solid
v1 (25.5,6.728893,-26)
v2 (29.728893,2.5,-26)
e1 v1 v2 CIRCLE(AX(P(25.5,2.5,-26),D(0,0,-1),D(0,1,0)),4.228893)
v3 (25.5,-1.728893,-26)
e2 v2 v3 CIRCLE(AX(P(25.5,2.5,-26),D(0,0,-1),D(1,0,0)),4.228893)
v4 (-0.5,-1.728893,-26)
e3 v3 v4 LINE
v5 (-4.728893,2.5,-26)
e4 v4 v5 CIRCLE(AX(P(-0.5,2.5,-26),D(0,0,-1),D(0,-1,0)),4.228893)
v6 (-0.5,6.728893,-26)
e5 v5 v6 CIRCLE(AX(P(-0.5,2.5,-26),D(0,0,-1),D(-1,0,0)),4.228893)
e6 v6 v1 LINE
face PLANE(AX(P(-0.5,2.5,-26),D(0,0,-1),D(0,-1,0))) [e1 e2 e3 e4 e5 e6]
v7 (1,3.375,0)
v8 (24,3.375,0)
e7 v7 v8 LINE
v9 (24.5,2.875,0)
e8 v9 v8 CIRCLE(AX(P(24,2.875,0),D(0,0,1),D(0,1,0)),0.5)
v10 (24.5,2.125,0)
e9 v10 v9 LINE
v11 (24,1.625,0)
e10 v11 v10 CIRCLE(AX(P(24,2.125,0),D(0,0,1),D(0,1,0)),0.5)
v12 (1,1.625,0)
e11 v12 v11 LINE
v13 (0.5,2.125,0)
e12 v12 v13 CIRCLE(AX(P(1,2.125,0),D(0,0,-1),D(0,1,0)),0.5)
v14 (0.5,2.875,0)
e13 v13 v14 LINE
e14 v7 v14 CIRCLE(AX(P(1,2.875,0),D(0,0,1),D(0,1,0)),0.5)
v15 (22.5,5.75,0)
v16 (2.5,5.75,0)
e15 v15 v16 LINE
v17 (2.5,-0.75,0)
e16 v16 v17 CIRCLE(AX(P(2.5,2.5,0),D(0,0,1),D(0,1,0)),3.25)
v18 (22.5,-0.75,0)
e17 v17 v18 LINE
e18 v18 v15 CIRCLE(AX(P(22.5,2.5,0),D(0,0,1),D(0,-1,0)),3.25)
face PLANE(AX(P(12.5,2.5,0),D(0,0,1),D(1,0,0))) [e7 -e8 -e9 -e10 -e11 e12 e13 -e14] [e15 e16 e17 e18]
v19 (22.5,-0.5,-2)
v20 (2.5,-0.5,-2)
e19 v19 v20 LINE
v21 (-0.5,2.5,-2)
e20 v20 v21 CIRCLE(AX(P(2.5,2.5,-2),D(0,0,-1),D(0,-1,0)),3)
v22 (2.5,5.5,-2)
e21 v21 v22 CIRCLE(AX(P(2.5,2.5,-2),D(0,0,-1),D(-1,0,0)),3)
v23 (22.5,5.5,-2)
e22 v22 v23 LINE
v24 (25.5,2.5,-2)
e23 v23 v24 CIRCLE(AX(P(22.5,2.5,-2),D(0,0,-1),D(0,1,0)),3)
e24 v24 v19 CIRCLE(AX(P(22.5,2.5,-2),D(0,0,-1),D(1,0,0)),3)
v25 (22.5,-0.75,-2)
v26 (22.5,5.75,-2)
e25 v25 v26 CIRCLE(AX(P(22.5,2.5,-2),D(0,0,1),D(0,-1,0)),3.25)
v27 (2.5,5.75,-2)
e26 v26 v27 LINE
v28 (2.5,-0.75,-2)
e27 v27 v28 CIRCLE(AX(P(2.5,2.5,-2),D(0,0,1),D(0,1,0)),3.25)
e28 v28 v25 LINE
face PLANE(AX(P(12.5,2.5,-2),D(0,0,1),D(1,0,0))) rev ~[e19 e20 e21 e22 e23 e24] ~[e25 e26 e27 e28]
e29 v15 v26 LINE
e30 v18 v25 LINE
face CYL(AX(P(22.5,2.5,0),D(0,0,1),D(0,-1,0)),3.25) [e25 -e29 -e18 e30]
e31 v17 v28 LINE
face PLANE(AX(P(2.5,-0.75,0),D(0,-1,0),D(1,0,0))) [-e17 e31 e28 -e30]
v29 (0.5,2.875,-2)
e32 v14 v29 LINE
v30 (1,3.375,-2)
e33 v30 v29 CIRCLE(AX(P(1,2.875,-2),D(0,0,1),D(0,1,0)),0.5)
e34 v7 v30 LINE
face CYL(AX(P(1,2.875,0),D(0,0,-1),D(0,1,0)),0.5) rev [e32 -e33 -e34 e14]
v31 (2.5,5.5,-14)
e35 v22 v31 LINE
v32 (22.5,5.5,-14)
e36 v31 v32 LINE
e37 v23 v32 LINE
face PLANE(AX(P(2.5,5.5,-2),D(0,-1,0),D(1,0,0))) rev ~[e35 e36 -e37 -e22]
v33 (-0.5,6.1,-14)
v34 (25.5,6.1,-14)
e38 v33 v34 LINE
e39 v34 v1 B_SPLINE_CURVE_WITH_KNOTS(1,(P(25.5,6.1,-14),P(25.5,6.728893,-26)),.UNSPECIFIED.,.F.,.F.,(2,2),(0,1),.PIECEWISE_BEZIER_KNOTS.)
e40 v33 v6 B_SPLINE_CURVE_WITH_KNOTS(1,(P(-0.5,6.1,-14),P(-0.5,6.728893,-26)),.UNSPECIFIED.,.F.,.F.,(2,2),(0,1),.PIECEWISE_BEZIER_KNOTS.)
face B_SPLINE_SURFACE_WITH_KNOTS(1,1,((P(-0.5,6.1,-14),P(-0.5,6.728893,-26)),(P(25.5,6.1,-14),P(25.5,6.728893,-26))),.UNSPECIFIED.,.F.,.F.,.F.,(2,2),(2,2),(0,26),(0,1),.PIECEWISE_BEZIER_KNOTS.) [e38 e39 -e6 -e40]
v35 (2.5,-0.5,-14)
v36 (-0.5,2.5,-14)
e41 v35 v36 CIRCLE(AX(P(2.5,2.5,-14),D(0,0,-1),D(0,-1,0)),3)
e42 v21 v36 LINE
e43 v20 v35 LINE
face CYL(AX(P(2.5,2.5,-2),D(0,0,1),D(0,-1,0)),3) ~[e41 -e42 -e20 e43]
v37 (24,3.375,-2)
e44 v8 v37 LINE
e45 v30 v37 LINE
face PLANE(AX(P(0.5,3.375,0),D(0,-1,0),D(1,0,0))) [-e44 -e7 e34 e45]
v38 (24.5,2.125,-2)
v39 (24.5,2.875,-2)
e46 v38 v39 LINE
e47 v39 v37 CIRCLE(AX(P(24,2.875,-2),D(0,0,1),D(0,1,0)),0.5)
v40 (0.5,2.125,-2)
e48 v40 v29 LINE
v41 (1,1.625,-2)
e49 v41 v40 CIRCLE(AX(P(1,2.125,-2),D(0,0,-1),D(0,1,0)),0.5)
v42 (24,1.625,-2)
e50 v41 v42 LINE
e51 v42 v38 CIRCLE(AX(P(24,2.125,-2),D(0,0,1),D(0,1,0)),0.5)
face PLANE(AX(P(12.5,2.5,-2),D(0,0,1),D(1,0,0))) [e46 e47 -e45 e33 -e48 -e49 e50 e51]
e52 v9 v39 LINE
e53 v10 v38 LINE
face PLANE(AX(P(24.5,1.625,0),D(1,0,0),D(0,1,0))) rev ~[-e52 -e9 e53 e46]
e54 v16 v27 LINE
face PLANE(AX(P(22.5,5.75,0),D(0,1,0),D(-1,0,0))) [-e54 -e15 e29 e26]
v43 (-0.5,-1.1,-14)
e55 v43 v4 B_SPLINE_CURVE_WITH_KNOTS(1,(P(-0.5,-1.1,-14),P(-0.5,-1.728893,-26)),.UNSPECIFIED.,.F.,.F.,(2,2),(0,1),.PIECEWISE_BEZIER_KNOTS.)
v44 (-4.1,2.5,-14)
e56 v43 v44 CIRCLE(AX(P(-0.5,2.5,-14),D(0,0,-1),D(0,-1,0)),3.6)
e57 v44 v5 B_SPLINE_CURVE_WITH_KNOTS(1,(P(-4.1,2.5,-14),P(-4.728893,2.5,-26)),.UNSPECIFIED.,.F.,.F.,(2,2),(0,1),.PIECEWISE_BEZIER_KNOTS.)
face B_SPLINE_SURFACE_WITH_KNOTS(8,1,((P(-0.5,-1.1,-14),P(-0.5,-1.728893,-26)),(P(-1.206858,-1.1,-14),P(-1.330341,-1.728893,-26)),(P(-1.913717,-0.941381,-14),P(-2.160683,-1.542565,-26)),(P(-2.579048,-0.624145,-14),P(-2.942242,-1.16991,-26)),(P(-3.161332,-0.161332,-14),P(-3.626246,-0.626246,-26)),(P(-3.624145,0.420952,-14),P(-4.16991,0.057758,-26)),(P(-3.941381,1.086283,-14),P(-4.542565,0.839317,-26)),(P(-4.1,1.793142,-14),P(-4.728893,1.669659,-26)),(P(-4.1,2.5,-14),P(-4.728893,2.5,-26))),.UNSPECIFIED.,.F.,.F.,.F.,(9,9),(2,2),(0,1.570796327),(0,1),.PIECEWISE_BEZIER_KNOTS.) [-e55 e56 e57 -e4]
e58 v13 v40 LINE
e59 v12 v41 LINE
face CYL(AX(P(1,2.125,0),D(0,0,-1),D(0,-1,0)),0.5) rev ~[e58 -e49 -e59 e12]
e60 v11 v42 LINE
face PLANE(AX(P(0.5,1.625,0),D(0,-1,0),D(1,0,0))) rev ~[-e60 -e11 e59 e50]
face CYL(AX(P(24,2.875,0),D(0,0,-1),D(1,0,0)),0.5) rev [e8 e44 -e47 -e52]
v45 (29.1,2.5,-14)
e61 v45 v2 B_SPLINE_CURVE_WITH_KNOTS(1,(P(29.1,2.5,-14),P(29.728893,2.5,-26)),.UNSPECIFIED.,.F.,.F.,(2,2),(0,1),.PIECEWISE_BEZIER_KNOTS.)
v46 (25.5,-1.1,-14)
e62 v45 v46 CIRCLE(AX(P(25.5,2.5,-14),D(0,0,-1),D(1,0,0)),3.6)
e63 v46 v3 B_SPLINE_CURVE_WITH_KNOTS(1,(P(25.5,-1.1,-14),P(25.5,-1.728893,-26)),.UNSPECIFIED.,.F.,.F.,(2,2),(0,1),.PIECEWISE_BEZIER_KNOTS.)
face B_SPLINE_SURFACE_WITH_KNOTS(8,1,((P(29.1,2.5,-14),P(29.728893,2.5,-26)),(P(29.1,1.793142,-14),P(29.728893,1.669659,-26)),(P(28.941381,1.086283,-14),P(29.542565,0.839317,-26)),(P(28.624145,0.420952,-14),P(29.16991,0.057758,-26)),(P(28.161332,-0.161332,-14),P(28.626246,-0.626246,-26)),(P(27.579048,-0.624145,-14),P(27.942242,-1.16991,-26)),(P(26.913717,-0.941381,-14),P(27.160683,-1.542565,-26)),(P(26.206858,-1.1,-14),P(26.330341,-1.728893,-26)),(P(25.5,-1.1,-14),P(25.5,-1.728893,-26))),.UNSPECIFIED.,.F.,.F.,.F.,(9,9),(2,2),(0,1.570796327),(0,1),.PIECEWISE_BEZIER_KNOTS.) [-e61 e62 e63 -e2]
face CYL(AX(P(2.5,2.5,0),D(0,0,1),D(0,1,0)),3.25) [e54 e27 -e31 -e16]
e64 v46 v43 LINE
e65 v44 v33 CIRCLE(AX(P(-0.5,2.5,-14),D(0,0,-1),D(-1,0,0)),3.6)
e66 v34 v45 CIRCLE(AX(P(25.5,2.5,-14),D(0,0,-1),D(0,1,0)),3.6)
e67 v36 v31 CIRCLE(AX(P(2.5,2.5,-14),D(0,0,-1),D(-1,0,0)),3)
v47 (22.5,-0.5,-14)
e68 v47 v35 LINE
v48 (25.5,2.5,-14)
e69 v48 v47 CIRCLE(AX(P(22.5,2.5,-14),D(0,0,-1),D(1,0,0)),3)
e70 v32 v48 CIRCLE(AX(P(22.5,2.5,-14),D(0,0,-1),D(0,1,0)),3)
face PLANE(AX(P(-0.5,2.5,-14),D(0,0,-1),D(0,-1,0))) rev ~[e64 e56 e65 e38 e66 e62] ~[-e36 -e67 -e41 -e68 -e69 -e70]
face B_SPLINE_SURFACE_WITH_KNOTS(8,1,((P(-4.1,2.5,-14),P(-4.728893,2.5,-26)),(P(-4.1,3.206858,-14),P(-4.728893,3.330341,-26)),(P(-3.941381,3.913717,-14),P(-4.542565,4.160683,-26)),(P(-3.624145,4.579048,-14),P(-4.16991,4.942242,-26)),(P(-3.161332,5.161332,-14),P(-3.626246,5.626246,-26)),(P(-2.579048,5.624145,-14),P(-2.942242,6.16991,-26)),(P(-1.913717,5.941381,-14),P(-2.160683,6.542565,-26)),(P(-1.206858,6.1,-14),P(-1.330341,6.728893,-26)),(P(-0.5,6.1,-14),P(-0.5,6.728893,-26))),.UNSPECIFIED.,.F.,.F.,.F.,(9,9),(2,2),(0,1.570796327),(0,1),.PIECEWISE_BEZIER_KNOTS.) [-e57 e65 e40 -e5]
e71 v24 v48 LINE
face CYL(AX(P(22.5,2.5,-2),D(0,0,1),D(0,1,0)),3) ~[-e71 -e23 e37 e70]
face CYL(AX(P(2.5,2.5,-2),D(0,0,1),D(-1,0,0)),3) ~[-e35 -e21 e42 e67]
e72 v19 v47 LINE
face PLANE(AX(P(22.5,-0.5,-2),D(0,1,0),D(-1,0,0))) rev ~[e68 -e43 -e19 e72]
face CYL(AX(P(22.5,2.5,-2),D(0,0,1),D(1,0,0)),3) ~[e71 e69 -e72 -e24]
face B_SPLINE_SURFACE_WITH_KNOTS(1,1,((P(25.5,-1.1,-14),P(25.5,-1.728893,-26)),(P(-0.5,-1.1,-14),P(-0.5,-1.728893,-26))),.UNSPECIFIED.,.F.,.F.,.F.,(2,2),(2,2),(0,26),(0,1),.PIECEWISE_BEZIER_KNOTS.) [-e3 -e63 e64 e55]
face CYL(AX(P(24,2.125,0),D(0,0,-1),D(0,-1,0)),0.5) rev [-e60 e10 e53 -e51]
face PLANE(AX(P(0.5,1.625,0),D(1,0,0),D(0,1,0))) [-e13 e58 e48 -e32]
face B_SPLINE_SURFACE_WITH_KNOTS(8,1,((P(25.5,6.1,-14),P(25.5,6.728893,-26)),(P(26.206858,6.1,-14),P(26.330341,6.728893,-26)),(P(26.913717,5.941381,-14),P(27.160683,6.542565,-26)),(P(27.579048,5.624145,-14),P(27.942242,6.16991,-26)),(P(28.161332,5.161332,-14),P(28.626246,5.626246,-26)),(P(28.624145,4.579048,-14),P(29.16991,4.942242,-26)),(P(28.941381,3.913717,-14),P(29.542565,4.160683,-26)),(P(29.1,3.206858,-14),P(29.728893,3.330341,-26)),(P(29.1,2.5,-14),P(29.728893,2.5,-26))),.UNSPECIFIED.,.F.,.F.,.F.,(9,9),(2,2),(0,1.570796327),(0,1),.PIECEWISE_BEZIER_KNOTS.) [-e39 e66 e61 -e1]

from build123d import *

# Parameters (mm, degrees)
F1_DEPTH  = 2
F3_DEPTH  = 12
F5_DEPTH  = 12
F5_TAPER  = -3
F6_W      = 24
F6_H      = 1.75
F7_DEPTH  = 2
F8_R      = 0.5
F10_DEPTH = 2


with BuildPart() as f1:
    # F0 (on Top) → F1 (new body)
    with BuildSketch(Plane.XY):
        with BuildLine():
            ThreePointArc((0, 2.5), (0.732233047, 0.732233047), (2.5, 0))
            Line((2.5, 0), (22.5, 0))
            ThreePointArc((22.5, 0), (24.267766953, 0.732233047), (25, 2.5))
            ThreePointArc((25, 2.5), (24.267766953, 4.267766953), (22.5, 5))
            Line((22.5, 5), (2.5, 5))
            ThreePointArc((2.5, 5), (0.732233047, 4.267766953), (0, 2.5))
        make_face()
    extrude(amount=-F1_DEPTH)

    # F2 (on face) → F3 (join)
    with BuildSketch(Plane(origin=(0, 0, -2), x_dir=(1, 0, 0), z_dir=(0, 0, -1))):
        with BuildLine():
            ThreePointArc((2.5, 0.5), (0.3786796564, -0.3786796564), (-0.5, -2.5))
            ThreePointArc((-0.5, -2.5), (0.3786796564, -4.6213203436), (2.5, -5.5))
            Line((2.5, -5.5), (22.5, -5.5))
            ThreePointArc((22.5, -5.5), (24.6213203436, -4.6213203436), (25.5, -2.5))
            ThreePointArc((25.5, -2.5), (24.6213203436, -0.3786796564), (22.5, 0.5))
            Line((22.5, 0.5), (2.5, 0.5))
        make_face()
        with BuildLine():
            Line((2.5, 0), (22.5, 0))
            ThreePointArc((22.5, 0), (25, -2.5), (22.5, -5))
            Line((22.5, -5), (2.5, -5))
            ThreePointArc((2.5, -5), (0, -2.5), (2.5, 0))
        make_face(mode=Mode.SUBTRACT)
        with BuildLine():
            ThreePointArc((22.5, -5), (25, -2.5), (22.5, 0))
            Line((22.5, 0), (2.5, 0))
            ThreePointArc((2.5, 0), (0, -2.5), (2.5, -5))
            Line((2.5, -5), (22.5, -5))
        make_face()
    extrude(amount=F3_DEPTH)

    # F4 (on face) → F5 (join)
    with BuildSketch(Plane(origin=(0, 0, -14), x_dir=(1, 0, 0), z_dir=(0, 0, -1))):
        with BuildLine():
            Line((25.5, 1.099999994), (-0.5, 1.099999994))
            ThreePointArc((-0.5, 1.099999994), (-3.0455844081, 0.0455844081), (-4.099999994, -2.5))
            ThreePointArc((-4.099999994, -2.5), (-3.0455844081, -5.0455844081), (-0.5, -6.099999994))
            Line((-0.5, -6.099999994), (25.5, -6.099999994))
            ThreePointArc((25.5, -6.099999994), (28.0455844081, -5.0455844081), (29.099999994, -2.5))
            ThreePointArc((29.099999994, -2.5), (28.0455844081, 0.0455844081), (25.5, 1.099999994))
        make_face()
        with BuildLine():
            ThreePointArc((-3.5, -2.5), (-2.6213203436, -0.3786796564), (-0.5, 0.5))
            Line((-0.5, 0.5), (2.5, 0.5))
            Line((2.5, 0.5), (22.5, 0.5))
            Line((22.5, 0.5), (25.5, 0.5))
            ThreePointArc((25.5, 0.5), (27.6213203436, -0.3786796564), (28.5, -2.5))
            ThreePointArc((28.5, -2.5), (27.6213203436, -4.6213203436), (25.5, -5.5))
            Line((25.5, -5.5), (22.5, -5.5))
            Line((22.5, -5.5), (2.5, -5.5))
            Line((2.5, -5.5), (-0.5, -5.5))
            ThreePointArc((-0.5, -5.5), (-2.6213203436, -4.6213203436), (-3.5, -2.5))
        make_face(mode=Mode.SUBTRACT)
        with BuildLine():
            Line((22.5, 0.5), (2.5, 0.5))
            ThreePointArc((2.5, 0.5), (-0.5, -2.5), (2.5, -5.5))
            Line((2.5, -5.5), (22.5, -5.5))
            ThreePointArc((22.5, -5.5), (25.5, -2.5), (22.5, 0.5))
        make_face()
        with BuildLine():
            Line((2.5, 0.5), (-0.5, 0.5))
            ThreePointArc((-0.5, 0.5), (-2.6213203436, -0.3786796564), (-3.5, -2.5))
            ThreePointArc((-3.5, -2.5), (-2.6213203436, -4.6213203436), (-0.5, -5.5))
            Line((-0.5, -5.5), (2.5, -5.5))
            ThreePointArc((2.5, -5.5), (-0.5, -2.5), (2.5, 0.5))
        make_face()
        with BuildLine():
            Line((25.5, 0.5), (22.5, 0.5))
            ThreePointArc((22.5, 0.5), (25.5, -2.5), (22.5, -5.5))
            Line((22.5, -5.5), (25.5, -5.5))
            ThreePointArc((25.5, -5.5), (27.6213203436, -4.6213203436), (28.5, -2.5))
            ThreePointArc((28.5, -2.5), (27.6213203436, -0.3786796564), (25.5, 0.5))
        make_face()
    extrude(amount=F5_DEPTH, taper=F5_TAPER)

    # F6 (on face) → F7 (cut)
    with BuildSketch(Plane.XY):
        with Locations((12.5, 2.5)):
            Rectangle(F6_W, F6_H)
    extrude(amount=-F7_DEPTH, mode=Mode.SUBTRACT)

    # F8
    f8_edges = [f1.edges().sort_by_distance(p)[0] for p in [
        (0.5, 3.375, -1),
        (0.5, 1.625, -1),
        (24.5, 1.625, -1),
        (24.5, 3.375, -1),
    ]]
    fillet(f8_edges, radius=F8_R)

    # F9 (on face) → F10 (join)
    with BuildSketch(Plane.XY):
        with BuildLine():
            Line((22.5, 5.75), (2.5, 5.75))
            ThreePointArc((2.5, 5.75), (-0.75, 2.5), (2.5, -0.75))
            Line((2.5, -0.75), (22.5, -0.75))
            ThreePointArc((22.5, -0.75), (25.75, 2.5), (22.5, 5.75))
        make_face()
        with BuildLine():
            ThreePointArc((2.5, 0), (0, 2.5), (2.5, 5))
            Line((2.5, 5), (22.5, 5))
            ThreePointArc((22.5, 5), (25, 2.5), (22.5, 0))
            Line((22.5, 0), (2.5, 0))
        make_face(mode=Mode.SUBTRACT)
    extrude(amount=-F10_DEPTH)


solid = f1.part
